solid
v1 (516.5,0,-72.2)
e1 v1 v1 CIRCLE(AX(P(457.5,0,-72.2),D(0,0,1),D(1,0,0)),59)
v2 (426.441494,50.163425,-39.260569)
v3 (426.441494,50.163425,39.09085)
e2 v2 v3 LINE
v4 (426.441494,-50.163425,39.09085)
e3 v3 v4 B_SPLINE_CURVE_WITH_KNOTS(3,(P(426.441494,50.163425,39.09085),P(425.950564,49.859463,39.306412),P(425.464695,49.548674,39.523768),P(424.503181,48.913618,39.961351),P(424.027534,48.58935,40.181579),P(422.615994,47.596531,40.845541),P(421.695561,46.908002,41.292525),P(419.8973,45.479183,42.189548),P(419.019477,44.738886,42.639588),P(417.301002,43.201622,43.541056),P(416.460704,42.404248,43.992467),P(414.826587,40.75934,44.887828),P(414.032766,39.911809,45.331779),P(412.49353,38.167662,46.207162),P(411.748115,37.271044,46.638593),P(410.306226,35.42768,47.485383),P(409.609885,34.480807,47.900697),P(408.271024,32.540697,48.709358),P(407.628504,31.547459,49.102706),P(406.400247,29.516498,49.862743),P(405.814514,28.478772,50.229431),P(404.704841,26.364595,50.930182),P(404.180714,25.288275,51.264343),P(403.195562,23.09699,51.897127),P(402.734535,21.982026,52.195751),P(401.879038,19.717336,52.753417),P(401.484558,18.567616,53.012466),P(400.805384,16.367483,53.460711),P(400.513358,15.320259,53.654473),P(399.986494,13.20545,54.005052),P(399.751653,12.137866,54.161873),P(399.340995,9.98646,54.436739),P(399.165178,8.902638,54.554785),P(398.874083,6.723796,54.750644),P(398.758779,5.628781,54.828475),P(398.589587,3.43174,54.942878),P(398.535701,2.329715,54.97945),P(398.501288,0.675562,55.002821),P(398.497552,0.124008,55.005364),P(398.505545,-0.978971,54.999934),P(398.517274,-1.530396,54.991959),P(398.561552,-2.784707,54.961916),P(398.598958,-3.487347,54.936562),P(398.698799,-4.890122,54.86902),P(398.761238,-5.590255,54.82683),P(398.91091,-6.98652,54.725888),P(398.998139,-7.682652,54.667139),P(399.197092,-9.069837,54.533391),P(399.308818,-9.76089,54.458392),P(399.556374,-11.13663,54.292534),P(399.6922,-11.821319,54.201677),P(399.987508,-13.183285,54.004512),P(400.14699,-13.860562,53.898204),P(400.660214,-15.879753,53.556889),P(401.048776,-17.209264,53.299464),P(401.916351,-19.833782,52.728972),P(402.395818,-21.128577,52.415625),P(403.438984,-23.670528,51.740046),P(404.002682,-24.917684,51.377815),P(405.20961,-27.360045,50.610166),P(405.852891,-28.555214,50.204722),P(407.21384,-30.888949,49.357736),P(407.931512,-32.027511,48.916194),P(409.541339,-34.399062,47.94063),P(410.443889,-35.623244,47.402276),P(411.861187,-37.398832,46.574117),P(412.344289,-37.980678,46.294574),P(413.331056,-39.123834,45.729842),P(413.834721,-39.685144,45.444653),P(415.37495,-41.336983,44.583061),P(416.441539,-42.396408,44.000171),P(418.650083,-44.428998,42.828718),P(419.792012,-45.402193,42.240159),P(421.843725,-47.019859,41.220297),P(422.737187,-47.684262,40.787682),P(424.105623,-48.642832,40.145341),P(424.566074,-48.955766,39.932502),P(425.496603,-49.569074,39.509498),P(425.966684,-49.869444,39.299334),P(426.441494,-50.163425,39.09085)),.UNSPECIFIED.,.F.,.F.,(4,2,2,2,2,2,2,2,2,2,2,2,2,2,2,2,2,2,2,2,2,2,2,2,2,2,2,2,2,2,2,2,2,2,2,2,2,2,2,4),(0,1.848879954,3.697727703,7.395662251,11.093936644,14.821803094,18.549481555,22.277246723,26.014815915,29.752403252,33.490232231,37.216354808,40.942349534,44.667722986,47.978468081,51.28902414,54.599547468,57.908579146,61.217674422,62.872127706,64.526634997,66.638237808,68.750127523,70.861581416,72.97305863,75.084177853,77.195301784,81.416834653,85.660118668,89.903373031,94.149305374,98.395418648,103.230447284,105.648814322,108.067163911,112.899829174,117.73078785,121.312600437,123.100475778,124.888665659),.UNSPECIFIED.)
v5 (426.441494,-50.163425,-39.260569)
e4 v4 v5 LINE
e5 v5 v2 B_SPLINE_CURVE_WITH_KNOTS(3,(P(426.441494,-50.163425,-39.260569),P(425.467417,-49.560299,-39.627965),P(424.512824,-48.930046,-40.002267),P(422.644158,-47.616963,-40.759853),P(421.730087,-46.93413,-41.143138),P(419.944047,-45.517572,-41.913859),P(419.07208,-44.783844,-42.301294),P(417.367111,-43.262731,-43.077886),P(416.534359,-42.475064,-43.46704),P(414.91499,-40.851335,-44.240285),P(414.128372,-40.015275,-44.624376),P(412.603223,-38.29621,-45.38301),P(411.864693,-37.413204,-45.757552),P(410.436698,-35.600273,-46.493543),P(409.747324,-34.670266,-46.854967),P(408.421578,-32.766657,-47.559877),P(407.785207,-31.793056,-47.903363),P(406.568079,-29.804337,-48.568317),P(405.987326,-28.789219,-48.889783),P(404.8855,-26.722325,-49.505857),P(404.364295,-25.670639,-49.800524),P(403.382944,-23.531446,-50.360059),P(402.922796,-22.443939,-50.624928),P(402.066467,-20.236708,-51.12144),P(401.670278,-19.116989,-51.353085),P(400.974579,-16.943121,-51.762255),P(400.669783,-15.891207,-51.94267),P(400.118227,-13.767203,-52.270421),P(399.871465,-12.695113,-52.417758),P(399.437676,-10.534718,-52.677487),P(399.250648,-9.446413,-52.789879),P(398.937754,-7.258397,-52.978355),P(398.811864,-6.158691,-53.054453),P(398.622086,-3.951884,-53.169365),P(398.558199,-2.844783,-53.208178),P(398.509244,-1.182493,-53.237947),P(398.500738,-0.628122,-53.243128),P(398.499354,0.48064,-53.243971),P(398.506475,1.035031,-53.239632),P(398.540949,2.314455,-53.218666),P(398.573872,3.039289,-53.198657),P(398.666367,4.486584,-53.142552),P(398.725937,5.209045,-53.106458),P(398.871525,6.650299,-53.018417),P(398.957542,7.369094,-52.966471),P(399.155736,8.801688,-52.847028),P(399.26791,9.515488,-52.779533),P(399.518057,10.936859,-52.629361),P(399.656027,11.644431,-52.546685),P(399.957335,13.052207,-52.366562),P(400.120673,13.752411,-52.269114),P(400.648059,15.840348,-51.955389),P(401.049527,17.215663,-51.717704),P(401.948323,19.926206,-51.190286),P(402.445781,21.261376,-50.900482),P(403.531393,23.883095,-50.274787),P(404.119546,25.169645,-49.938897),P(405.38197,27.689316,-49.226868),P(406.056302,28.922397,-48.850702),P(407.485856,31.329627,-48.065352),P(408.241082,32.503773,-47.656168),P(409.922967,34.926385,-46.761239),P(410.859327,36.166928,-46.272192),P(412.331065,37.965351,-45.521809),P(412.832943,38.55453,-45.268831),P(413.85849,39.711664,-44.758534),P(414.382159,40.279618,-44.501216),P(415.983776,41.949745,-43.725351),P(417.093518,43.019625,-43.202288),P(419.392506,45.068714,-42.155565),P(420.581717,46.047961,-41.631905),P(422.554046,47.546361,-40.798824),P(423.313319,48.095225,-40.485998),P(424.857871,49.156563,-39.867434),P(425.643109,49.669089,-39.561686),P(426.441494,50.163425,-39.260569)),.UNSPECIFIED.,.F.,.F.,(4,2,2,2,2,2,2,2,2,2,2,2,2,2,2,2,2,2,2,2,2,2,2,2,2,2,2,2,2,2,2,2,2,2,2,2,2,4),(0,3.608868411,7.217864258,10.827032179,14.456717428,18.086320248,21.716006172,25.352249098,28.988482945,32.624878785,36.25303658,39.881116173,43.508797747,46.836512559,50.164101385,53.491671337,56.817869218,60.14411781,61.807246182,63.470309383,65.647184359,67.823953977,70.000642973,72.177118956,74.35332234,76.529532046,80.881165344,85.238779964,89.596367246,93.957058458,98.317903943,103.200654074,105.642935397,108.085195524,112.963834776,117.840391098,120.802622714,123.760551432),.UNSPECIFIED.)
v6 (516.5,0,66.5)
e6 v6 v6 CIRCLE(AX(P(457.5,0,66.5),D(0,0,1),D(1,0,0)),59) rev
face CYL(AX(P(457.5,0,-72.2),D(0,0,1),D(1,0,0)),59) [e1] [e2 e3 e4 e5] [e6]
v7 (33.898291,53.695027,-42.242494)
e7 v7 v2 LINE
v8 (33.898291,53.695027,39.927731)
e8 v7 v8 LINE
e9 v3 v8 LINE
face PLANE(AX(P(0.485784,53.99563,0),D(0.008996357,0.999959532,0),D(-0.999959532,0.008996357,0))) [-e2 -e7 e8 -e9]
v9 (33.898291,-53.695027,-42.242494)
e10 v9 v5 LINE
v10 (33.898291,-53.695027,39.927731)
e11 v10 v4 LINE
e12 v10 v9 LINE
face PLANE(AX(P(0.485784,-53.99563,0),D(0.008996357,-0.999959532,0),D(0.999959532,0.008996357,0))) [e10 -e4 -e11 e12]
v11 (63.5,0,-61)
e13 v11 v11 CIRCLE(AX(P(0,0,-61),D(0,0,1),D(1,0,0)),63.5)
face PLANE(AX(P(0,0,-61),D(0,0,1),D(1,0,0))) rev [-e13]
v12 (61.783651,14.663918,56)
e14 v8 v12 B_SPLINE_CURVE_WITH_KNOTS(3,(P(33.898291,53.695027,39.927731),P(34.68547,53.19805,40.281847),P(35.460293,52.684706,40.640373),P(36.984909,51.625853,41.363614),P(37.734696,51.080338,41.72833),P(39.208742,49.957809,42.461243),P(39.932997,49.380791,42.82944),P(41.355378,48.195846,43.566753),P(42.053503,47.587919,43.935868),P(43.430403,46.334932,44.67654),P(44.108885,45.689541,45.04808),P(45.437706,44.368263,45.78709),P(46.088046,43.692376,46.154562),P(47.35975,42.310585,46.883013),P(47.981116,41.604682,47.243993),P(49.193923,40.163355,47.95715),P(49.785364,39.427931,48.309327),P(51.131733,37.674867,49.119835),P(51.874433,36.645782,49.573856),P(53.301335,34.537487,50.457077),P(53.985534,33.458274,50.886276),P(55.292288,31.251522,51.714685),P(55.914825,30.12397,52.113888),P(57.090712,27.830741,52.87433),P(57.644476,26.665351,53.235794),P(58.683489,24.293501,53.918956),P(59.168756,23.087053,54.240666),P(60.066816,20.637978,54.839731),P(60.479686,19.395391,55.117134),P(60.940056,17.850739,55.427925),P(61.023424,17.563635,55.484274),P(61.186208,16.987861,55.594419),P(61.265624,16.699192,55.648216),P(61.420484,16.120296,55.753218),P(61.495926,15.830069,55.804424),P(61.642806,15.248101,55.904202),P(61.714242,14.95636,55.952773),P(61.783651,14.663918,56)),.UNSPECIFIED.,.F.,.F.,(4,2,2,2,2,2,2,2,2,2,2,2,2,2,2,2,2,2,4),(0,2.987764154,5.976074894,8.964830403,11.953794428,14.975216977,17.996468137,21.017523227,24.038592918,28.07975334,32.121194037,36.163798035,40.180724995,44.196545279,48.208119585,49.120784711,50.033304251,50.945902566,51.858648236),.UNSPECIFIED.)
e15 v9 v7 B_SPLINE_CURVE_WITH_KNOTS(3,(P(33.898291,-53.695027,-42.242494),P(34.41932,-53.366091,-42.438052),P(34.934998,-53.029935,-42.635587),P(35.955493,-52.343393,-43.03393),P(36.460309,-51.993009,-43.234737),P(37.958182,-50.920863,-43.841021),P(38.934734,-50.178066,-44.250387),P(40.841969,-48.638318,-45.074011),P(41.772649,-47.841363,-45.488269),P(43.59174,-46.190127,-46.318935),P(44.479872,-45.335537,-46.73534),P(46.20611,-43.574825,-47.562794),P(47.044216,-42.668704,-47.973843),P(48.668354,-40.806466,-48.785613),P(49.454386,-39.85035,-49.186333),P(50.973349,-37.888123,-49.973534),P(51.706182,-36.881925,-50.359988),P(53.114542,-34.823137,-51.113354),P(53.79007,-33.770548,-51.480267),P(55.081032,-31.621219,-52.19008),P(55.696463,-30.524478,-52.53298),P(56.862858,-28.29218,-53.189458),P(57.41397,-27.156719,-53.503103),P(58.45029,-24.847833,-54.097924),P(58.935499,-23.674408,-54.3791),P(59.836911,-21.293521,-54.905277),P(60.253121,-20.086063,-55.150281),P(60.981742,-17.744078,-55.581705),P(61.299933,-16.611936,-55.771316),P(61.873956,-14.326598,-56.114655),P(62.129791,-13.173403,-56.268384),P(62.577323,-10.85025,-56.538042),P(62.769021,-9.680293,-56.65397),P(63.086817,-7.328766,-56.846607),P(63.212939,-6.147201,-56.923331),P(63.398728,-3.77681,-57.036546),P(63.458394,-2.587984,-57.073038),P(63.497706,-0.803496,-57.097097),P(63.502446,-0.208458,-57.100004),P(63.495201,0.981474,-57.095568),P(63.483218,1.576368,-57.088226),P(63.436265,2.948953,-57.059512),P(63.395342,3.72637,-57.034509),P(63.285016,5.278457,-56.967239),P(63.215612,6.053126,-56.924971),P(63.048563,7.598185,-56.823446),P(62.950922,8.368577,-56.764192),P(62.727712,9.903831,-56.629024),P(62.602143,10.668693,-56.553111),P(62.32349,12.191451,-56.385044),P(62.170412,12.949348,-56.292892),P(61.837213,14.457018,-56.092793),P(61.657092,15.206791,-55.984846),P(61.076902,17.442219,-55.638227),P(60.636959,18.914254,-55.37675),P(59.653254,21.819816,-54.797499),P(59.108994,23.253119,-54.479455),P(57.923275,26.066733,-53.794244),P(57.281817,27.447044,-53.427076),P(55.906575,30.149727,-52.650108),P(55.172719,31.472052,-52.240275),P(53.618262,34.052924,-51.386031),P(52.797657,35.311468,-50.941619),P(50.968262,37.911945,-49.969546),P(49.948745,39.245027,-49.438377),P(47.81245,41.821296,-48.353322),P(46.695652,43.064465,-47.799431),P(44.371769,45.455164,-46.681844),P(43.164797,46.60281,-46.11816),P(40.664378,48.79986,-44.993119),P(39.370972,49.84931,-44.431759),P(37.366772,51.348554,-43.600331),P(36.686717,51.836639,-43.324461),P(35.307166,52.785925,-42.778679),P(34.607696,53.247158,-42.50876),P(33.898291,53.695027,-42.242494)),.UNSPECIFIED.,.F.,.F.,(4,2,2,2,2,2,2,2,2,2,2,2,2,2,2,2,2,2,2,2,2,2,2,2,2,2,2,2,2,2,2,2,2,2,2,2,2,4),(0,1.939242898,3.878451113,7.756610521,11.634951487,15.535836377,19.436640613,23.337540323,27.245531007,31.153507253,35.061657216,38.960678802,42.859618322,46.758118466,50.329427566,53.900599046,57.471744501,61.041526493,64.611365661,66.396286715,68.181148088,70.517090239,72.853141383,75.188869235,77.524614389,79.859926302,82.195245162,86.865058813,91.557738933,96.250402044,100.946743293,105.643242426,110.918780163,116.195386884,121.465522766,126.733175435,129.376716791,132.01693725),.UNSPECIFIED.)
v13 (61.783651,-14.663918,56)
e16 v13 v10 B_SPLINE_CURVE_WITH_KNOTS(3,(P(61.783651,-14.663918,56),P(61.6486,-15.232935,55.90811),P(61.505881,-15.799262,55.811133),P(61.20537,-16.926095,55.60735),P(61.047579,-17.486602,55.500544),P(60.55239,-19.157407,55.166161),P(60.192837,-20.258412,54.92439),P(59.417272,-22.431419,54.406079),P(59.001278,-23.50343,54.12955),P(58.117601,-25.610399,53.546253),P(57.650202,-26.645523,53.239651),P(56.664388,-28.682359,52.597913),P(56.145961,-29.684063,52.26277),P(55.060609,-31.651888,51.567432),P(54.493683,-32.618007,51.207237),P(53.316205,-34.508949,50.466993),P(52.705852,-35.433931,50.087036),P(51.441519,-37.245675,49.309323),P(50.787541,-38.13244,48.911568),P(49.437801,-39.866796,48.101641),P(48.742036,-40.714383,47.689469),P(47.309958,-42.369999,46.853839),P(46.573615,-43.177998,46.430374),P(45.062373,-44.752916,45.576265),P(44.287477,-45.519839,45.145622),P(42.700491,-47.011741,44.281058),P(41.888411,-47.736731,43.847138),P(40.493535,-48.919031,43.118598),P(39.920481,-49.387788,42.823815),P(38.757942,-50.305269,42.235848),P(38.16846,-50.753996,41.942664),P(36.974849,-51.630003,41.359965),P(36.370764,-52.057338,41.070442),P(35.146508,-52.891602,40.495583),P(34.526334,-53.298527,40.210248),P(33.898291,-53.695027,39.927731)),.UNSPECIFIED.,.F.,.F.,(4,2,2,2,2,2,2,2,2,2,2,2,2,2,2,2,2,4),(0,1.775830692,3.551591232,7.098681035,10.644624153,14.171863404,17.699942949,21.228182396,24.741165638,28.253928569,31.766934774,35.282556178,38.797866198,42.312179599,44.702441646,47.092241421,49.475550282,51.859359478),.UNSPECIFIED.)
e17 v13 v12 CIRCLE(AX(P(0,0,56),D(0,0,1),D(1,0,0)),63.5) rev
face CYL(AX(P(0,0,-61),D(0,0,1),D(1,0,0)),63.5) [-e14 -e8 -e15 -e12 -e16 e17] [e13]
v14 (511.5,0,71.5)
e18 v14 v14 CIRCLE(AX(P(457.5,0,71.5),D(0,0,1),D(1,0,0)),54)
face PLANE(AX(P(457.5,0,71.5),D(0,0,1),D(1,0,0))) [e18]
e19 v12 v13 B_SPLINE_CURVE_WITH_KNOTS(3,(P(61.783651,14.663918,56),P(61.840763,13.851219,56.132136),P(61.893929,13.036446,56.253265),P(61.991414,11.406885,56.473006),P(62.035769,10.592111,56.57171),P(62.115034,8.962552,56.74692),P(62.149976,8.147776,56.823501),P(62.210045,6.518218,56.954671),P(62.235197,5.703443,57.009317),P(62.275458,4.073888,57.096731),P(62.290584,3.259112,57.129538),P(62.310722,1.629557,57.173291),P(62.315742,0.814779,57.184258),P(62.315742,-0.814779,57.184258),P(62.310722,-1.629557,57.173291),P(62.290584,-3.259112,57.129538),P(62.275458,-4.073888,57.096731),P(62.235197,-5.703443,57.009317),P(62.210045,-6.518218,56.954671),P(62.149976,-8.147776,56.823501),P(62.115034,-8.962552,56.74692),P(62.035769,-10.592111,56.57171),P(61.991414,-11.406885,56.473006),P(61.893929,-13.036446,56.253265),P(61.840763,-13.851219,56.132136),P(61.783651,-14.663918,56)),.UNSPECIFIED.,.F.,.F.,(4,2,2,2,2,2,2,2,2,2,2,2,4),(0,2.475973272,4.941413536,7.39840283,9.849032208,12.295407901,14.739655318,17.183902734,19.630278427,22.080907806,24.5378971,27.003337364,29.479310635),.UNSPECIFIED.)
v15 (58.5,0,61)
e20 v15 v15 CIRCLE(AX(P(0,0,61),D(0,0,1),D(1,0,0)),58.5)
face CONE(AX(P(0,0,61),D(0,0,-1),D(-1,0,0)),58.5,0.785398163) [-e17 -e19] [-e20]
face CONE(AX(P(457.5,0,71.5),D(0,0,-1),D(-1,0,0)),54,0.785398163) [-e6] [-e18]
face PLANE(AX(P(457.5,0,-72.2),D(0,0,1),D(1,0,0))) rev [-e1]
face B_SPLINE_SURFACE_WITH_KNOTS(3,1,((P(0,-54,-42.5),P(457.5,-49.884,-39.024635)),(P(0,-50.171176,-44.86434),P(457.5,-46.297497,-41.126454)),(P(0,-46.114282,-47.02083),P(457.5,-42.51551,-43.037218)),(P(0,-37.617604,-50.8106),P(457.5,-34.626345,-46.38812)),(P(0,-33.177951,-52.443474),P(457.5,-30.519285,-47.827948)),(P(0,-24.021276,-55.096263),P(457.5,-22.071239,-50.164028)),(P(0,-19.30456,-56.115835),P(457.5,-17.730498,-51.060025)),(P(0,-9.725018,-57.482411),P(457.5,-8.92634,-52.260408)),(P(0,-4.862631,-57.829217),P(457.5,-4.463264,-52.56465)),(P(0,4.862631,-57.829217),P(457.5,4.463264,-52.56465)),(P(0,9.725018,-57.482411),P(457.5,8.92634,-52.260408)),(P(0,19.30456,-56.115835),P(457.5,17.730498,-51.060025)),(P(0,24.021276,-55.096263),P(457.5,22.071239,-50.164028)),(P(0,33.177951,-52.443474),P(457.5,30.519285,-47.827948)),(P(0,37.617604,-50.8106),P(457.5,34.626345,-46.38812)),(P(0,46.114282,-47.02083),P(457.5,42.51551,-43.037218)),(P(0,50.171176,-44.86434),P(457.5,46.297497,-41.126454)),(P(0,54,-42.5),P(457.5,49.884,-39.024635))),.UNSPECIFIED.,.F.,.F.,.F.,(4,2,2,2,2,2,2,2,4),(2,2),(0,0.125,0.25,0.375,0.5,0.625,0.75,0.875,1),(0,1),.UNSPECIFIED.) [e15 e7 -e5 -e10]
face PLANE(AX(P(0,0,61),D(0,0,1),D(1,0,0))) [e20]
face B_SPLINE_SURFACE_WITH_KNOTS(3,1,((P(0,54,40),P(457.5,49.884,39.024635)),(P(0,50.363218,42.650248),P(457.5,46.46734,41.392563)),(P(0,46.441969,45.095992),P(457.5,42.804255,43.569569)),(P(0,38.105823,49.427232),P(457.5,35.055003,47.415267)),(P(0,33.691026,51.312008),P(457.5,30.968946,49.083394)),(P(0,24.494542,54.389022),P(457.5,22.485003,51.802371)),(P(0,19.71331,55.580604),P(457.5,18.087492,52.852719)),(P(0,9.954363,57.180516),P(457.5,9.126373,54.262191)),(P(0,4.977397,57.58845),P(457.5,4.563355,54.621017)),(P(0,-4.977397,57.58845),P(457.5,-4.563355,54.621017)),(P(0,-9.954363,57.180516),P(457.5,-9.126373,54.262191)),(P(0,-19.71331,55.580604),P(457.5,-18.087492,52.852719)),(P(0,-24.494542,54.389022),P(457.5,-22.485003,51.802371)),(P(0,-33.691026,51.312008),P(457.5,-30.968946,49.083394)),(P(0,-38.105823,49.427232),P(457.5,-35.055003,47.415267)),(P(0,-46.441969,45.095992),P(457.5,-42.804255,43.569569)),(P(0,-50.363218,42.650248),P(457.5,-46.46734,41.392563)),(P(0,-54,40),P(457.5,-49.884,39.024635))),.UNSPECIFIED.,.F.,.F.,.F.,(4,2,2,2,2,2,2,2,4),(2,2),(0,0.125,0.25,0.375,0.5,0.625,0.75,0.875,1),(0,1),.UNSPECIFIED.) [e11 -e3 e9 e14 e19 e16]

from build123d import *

# Parameters (mm, degrees)
BOSS_EXTRUDE1_DEPTH      = 61
BOSS_EXTRUDE1_DEPTH_BACK = 61
SKETCH1_R                = 63.5
CHAMFER1_SIZE            = 5
BOSS_EXTRUDE2_DEPTH      = 71.5
BOSS_EXTRUDE2_DEPTH_BACK = 72.2
SKETCH9_R                = 59
CHAMFER2_SIZE            = 5


with BuildPart() as part:
    # Sketch1 → Boss-Extrude1 (new, two sides: drawn at the far end of the back side and taken through both)
    with BuildSketch(Plane.XY.offset(-BOSS_EXTRUDE1_DEPTH_BACK)):
        Circle(SKETCH1_R)
    extrude(amount=BOSS_EXTRUDE1_DEPTH + BOSS_EXTRUDE1_DEPTH_BACK)

    # Chamfer1
    chamfer1_edges = [part.edges().sort_by_distance(p)[0] for p in [
        (-63.5, 0, 61),
    ]]
    chamfer(chamfer1_edges, length=CHAMFER1_SIZE)

    # Sketch6 for Loft1 → Loft1 section 0
    with BuildSketch(Plane.ZY):
        with BuildLine():
            Line((40, -54), (-42.5, -54))
            # circular arc as an exact rational Bezier (weights 1, cos(half-angle), 1)
            Bezier((-42.5, -54), (-75.845576298, 0), (-42.5, 54), weights=[1, 0.850849875, 1])
            Line((-42.5, 54), (40, 54))
            Bezier((40, 54), (79.351650111, 0), (40, -54), weights=[1, 0.80817386, 1])
        make_face()
    # Sketch7 for Loft1 → Loft1 section 1
    with BuildSketch(Plane(origin=(457.5, 0, 59), x_dir=(0, 0, 1), z_dir=(-1, 0, 0))):
        with BuildLine():
            Line((-19.975364888, -49.884), (-98.024635112, -49.884))
            Bezier((-98.024635112, -49.884), (-127.258443582, 0), (-98.024635112, 49.884), weights=[1, 0.862762376, 1])
            Line((-98.024635112, 49.884), (-19.975364888, 49.884))
            Bezier((-19.975364888, 49.884), (14.596903224, 0), (-19.975364888, -49.884), weights=[1, 0.821905309, 1])
        make_face()
    loft()

    # Sketch9 → Boss-Extrude2 (add, two sides: drawn at the far end of the back side and taken through both)
    with BuildSketch(Plane.XY.offset(-BOSS_EXTRUDE2_DEPTH_BACK)):
        with Locations((457.5, 0)):
            Circle(SKETCH9_R)
    extrude(amount=BOSS_EXTRUDE2_DEPTH + BOSS_EXTRUDE2_DEPTH_BACK)

    # Chamfer2
    chamfer2_edges = [part.edges().sort_by_distance(p)[0] for p in [
        (398.5, 0, 71.5),
    ]]
    chamfer(chamfer2_edges, length=CHAMFER2_SIZE)


solid = part.part
